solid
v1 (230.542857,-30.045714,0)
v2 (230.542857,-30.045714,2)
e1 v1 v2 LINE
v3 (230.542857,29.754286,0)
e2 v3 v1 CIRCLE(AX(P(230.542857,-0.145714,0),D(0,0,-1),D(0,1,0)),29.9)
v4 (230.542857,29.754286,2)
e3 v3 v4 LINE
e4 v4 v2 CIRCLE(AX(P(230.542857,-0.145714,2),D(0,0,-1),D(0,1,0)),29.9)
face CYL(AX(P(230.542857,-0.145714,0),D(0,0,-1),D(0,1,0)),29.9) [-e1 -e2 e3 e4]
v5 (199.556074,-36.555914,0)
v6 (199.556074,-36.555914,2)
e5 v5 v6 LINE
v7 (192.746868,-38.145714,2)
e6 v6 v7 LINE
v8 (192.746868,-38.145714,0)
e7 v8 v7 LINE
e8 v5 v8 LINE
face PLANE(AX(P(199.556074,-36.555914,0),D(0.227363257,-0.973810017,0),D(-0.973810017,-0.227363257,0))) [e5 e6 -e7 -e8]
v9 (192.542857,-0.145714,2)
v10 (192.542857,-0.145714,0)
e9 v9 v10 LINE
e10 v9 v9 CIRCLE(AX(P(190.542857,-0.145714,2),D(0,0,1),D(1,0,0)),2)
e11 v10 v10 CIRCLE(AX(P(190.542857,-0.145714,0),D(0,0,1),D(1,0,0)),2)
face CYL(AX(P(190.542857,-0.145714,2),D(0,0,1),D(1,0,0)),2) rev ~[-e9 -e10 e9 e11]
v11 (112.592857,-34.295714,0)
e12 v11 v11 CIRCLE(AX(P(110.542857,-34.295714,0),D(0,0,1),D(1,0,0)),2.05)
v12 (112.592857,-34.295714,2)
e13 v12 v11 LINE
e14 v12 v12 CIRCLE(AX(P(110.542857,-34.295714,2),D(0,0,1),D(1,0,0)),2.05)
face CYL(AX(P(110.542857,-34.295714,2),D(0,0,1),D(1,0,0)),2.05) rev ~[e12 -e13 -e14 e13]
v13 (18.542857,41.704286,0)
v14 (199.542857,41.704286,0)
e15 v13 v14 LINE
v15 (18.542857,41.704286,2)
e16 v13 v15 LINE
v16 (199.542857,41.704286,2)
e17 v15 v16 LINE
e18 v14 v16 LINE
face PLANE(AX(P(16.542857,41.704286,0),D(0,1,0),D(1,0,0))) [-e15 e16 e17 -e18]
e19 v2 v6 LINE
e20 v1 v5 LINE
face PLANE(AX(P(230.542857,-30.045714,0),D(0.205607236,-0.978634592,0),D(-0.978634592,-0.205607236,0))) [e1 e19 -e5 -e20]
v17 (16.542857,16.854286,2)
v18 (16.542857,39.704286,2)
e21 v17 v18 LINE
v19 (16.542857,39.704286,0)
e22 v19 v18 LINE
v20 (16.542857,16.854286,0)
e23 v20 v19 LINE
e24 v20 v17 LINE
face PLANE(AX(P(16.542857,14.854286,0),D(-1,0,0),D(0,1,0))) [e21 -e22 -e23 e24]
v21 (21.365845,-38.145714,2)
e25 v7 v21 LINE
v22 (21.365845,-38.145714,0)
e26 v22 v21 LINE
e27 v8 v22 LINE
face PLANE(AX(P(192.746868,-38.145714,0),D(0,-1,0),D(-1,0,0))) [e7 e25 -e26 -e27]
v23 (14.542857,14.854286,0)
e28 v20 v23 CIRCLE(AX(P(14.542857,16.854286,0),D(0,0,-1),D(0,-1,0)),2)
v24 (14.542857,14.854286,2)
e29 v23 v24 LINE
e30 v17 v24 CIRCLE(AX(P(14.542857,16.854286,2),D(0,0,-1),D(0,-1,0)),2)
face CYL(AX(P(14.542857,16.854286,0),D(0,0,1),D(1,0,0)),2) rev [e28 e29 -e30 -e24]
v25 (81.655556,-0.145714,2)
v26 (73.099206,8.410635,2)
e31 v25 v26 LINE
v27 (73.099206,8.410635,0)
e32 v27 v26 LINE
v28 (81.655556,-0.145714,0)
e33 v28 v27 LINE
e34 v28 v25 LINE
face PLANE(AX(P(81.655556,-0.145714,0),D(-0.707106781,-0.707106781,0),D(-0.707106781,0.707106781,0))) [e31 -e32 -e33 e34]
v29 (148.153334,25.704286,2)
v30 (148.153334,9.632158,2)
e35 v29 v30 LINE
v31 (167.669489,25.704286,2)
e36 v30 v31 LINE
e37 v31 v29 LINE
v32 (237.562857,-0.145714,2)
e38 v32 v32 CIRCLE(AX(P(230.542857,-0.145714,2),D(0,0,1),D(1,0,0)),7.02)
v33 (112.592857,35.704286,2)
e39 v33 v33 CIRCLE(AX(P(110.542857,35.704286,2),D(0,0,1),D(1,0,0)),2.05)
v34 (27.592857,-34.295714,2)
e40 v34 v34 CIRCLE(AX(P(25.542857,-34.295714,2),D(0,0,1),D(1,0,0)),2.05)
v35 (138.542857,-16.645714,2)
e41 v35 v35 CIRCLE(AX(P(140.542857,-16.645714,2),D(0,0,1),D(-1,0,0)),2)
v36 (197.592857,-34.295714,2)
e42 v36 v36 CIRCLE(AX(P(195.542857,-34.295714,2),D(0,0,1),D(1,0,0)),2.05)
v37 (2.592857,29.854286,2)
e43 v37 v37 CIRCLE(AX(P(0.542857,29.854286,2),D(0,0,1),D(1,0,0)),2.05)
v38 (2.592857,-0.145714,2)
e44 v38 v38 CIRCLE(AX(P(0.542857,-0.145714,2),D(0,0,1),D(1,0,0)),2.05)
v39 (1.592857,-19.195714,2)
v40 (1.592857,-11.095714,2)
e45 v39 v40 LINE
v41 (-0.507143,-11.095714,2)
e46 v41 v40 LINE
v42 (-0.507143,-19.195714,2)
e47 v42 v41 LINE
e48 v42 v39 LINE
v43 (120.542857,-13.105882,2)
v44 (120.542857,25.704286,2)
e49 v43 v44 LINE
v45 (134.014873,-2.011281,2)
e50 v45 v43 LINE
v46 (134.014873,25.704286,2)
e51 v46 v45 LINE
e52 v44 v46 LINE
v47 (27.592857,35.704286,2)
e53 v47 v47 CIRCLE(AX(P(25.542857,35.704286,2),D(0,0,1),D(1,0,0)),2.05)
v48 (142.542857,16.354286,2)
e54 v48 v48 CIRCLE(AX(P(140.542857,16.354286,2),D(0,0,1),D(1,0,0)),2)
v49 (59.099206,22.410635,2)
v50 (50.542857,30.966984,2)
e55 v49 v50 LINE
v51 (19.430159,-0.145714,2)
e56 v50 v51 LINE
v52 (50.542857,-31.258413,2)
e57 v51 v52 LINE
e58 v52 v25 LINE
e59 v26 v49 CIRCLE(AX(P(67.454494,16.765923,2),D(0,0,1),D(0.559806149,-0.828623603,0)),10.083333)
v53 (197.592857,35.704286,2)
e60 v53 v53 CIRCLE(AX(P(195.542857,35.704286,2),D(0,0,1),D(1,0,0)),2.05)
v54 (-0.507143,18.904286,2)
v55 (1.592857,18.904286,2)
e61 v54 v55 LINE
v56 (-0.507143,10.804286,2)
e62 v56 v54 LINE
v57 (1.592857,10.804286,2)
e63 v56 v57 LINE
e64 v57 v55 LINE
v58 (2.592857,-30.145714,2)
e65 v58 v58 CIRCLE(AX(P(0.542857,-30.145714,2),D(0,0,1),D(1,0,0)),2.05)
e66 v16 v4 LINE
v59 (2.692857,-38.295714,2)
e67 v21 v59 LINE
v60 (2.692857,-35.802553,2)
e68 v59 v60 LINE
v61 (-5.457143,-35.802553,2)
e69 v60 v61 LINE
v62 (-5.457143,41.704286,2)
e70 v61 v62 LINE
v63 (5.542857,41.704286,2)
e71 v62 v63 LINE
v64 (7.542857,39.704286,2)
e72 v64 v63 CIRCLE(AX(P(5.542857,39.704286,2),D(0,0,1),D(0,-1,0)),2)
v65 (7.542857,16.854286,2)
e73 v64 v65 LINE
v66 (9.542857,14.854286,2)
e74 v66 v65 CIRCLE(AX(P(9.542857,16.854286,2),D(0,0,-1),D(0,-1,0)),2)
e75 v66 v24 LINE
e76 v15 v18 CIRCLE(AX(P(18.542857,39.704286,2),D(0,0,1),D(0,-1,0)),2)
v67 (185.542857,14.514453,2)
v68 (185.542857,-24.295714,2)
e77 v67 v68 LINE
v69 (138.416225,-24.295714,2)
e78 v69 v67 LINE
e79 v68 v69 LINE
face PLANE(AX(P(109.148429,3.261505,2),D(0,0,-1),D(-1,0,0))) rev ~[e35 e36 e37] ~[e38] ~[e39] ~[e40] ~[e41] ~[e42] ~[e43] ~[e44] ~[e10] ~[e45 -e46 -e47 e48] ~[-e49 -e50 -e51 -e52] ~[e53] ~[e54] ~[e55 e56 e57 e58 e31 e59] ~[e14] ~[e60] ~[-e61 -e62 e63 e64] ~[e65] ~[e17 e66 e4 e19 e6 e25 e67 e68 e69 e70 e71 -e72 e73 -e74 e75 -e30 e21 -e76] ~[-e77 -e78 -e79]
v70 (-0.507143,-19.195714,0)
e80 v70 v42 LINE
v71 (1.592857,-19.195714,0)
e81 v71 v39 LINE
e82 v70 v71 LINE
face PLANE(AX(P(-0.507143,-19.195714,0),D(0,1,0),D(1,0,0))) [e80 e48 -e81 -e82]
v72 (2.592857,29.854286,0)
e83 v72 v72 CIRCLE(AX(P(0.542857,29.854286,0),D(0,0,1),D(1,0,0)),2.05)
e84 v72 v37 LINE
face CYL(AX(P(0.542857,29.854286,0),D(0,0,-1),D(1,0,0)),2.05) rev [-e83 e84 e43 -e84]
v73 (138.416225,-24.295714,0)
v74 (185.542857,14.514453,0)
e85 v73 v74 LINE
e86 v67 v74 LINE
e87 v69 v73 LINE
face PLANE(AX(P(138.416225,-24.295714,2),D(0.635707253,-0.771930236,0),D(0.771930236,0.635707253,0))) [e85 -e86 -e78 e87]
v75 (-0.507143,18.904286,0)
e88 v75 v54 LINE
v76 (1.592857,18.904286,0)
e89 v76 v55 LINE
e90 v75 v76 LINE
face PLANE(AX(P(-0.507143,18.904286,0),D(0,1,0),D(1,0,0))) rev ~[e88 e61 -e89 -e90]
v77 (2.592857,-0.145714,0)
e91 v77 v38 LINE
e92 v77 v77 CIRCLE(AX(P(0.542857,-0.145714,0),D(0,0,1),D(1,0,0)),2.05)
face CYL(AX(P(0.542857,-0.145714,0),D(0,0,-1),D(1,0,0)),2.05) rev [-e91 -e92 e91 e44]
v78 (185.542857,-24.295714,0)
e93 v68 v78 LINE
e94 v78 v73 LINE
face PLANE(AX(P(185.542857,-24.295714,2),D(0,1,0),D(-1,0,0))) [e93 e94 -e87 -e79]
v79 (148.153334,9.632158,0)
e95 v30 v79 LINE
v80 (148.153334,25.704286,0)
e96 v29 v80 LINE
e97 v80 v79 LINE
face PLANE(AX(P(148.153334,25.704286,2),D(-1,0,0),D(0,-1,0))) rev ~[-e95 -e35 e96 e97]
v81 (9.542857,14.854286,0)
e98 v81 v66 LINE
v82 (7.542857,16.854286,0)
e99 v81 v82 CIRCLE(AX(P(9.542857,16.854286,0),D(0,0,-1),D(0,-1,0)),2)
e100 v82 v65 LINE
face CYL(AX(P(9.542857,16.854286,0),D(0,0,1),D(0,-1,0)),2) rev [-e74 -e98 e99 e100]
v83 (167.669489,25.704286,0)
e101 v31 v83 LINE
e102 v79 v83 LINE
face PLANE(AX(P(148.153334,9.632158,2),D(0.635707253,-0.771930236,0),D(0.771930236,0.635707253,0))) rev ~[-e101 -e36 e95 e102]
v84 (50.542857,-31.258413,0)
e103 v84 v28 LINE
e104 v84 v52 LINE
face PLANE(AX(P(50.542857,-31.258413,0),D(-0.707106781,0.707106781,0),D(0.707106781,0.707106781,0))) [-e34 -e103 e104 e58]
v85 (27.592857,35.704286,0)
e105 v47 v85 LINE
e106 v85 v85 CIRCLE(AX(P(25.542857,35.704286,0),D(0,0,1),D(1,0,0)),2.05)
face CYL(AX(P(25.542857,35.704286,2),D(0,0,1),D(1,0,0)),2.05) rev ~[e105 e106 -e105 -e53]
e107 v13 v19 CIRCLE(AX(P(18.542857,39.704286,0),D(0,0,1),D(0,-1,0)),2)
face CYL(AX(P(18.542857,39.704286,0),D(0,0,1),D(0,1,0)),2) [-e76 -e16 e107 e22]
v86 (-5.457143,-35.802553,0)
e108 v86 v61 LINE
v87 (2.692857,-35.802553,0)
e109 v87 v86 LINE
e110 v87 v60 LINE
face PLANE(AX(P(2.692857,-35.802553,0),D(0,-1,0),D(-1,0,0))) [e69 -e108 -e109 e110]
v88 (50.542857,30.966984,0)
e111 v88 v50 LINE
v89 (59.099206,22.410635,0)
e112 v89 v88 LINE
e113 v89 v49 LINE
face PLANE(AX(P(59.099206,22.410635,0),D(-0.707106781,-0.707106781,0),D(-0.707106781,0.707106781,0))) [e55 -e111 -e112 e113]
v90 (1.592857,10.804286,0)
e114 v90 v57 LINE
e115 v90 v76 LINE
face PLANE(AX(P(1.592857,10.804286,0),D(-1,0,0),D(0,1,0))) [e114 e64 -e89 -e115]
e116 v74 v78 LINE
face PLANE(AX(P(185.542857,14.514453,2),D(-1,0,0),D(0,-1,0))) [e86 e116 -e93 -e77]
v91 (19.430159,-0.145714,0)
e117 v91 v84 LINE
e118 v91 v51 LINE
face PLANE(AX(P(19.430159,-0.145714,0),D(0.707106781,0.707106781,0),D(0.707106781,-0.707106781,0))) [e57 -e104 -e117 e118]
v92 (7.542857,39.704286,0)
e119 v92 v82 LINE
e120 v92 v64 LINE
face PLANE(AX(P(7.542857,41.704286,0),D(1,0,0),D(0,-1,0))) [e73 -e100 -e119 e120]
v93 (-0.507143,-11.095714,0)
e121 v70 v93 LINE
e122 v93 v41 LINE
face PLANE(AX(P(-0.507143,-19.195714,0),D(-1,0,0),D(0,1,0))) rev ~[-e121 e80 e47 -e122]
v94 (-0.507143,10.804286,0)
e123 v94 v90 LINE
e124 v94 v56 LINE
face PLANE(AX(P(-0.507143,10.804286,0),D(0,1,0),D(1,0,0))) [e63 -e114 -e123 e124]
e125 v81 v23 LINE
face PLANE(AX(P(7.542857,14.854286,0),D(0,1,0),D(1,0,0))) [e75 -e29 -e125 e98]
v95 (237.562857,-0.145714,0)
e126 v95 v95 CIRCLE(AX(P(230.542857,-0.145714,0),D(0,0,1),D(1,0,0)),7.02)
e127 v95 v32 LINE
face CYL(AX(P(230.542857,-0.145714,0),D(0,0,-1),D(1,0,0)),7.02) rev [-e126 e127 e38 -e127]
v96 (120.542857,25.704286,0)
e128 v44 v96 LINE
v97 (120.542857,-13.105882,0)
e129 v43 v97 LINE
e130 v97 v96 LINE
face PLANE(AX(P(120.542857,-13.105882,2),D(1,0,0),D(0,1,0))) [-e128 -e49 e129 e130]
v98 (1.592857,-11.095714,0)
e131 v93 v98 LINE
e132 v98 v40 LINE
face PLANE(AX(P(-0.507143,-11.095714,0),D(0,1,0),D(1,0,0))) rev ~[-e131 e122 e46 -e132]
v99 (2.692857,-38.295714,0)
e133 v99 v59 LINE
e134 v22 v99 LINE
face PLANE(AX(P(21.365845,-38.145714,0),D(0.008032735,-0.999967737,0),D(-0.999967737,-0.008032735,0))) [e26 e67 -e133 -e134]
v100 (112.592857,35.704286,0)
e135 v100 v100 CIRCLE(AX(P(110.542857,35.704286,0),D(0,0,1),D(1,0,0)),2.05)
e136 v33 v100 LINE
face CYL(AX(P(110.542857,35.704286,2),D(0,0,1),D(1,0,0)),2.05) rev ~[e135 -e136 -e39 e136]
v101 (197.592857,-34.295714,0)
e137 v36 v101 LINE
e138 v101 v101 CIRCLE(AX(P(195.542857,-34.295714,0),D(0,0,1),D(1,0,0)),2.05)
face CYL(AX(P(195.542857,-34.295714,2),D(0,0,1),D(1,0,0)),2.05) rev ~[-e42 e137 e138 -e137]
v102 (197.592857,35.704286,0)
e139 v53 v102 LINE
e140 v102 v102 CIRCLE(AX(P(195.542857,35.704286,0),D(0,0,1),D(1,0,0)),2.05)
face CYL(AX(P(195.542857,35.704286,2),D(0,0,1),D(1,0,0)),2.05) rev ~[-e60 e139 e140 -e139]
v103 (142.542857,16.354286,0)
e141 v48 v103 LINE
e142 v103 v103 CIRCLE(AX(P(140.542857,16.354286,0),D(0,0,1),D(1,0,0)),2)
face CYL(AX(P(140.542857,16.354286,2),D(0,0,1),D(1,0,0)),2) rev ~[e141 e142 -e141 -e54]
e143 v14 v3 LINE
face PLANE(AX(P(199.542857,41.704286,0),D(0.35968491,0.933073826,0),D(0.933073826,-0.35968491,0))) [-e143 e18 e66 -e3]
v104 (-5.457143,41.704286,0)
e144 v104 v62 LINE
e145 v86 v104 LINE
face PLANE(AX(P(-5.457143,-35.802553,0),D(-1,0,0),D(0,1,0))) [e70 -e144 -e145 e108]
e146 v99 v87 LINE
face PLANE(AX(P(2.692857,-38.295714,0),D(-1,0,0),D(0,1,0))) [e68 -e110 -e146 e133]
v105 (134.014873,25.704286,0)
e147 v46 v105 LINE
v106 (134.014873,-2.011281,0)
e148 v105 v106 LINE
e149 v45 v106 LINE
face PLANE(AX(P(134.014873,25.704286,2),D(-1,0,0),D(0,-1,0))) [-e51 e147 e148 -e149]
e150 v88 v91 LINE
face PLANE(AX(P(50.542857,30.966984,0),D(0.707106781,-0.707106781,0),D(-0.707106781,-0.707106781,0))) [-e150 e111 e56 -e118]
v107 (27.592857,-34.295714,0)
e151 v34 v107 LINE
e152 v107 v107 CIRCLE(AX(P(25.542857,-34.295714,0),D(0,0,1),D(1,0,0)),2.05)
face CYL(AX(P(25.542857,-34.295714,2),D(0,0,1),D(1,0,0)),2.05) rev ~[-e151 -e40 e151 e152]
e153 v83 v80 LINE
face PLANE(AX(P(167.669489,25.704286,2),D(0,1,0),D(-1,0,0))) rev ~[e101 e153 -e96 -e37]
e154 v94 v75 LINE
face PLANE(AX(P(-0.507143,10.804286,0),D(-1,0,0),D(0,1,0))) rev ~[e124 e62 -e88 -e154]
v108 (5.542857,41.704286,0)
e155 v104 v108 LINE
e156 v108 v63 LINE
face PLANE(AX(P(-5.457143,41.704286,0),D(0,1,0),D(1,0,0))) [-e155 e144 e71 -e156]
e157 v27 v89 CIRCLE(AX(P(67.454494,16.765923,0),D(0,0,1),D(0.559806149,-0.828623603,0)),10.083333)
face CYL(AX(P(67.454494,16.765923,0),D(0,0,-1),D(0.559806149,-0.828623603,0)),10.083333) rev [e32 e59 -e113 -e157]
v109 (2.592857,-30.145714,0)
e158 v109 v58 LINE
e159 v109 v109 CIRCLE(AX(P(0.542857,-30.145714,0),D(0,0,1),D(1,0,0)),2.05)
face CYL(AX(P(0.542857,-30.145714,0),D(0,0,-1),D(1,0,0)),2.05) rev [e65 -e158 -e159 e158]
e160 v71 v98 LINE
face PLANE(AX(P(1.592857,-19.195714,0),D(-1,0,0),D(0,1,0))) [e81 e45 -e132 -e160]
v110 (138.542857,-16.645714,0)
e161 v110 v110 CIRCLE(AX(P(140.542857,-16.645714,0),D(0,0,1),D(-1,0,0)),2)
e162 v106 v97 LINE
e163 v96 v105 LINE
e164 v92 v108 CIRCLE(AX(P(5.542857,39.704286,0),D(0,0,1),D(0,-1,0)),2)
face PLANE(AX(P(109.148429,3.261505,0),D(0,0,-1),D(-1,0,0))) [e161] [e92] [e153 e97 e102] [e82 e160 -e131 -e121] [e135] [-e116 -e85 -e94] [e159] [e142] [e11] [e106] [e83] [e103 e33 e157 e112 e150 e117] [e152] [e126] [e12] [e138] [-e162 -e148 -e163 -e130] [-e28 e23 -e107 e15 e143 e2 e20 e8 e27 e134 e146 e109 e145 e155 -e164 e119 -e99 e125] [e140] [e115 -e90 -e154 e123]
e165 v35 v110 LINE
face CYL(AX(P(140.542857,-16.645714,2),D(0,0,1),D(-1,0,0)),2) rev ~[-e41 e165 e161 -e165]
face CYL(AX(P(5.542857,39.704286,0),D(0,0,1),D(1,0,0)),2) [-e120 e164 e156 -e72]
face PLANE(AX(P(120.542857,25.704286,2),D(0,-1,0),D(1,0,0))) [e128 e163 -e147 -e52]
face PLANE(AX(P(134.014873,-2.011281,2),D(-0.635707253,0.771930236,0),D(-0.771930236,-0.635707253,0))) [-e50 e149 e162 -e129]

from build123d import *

# Parameters (mm, degrees)
SKETCH_1_R          = 2.05
SKETCH_1_R_2        = 7.02
SKETCH_1_W          = 2.1
SKETCH_1_H          = 8.1
EXTRUDE_1_DEPTH     = 2
FILLET_1_R          = 2
SKETCH_3_R          = 2.05
SKETCH_3_R_2        = 2
CUT_EXTRUDE_1_DEPTH = 2


with BuildPart() as part:
    # 草图1 → 凸台-拉伸1 (new body)
    with BuildSketch(Plane.XY):
        with BuildLine():
            Line((230.542857143, -30.045714286), (199.556073527, -36.55591431))
            Line((199.556073527, -36.55591431), (192.746868021, -38.145714286))
            Line((192.746868021, -38.145714286), (21.365844759, -38.145714286))
            Line((21.365844759, -38.145714286), (2.692857143, -38.295714286))
            Line((2.692857143, -38.295714286), (2.692857143, -35.802553436))
            Line((2.692857143, -35.802553436), (-5.457142857, -35.802553436))
            Line((-5.457142857, -35.802553436), (-5.457142857, 41.704285714))
            Line((-5.457142857, 41.704285714), (7.542857143, 41.704285714))
            Line((7.542857143, 41.704285714), (7.542857143, 14.854285714))
            Line((7.542857143, 14.854285714), (16.542857143, 14.854285714))
            Line((16.542857143, 14.854285714), (16.542857143, 41.704285714))
            Line((16.542857143, 41.704285714), (199.542857143, 41.704285714))
            Line((199.542857143, 41.704285714), (230.542857143, 29.754285714))
            ThreePointArc((230.542857143, 29.754285714), (260.442857143, -0.145714286), (230.542857143, -30.045714286))
        make_face()
        with Locations((0.542857143, 29.854285714)):
            Circle(SKETCH_1_R, mode=Mode.SUBTRACT)
        with Locations((0.542857143, -0.145714286)):
            Circle(SKETCH_1_R, mode=Mode.SUBTRACT)
        with Locations((0.542857143, -30.145714286)):
            Circle(SKETCH_1_R, mode=Mode.SUBTRACT)
        with Locations((230.542857143, -0.145714286)):
            Circle(SKETCH_1_R_2, mode=Mode.SUBTRACT)
        with Locations((0.542857143, 14.854285714)):
            Rectangle(SKETCH_1_W, SKETCH_1_H, mode=Mode.SUBTRACT)
        with BuildLine():
            Line((59.099206329, 22.4106349), (50.542857143, 30.966984086))
            Line((50.542857143, 30.966984086), (19.430158771, -0.145714286))
            Line((19.430158771, -0.145714286), (50.542857143, -31.258412658))
            Line((50.542857143, -31.258412658), (81.655555515, -0.145714286))
            Line((81.655555515, -0.145714286), (73.099206329, 8.4106349))
            ThreePointArc((73.099206329, 8.4106349), (74.584487703, 23.895916275), (59.099206329, 22.4106349))
        make_face(mode=Mode.SUBTRACT)
        with Locations((0.542857143, -15.145714286)):
            Rectangle(SKETCH_1_W, SKETCH_1_H, mode=Mode.SUBTRACT)
    extrude(amount=EXTRUDE_1_DEPTH)

    # 圆角1
    fillet_1_edges = [part.edges().sort_by_distance(p)[0] for p in [
        (7.542857143, 41.704285714, 1),
        (7.542857143, 14.854285714, 1),
        (16.542857143, 14.854285714, 1),
        (16.542857143, 41.704285714, 1),
    ]]
    fillet(fillet_1_edges, radius=FILLET_1_R)

    # 草图3 → 切除-拉伸1 (cut)
    with BuildSketch(Plane.XY.offset(2)):
        with Locations((25.542857143, 35.704285714)):
            Circle(SKETCH_3_R)
        with Locations((110.542857143, 35.704285714)):
            Circle(SKETCH_3_R)
        with Locations((195.542857143, 35.704285714)):
            Circle(SKETCH_3_R)
        with Locations((110.542857143, -34.295714286)):
            Circle(SKETCH_3_R)
        with Locations((195.542857143, -34.295714286)):
            Circle(SKETCH_3_R)
        with Locations((25.542857143, -34.295714286)):
            Circle(SKETCH_3_R)
        with Locations((190.542857143, -0.145714286)):
            Circle(SKETCH_3_R_2)
        with Locations((140.542857143, 16.354285714)):
            Circle(SKETCH_3_R_2)
        with Locations(Location((140.542857143, -16.645714286, 0), (0, 0, 180))):
            Circle(SKETCH_3_R_2)
        Polygon((148.153334198, 25.704285714), (148.153334198, 9.632158315), (167.669488896, 25.704285714), align=None)
        Polygon((185.542857143, -24.295714286), (138.41622539, -24.295714286), (185.542857143, 14.51445304), align=None)
        Polygon((120.542857143, -13.105881612), (120.542857143, 25.704285714), (134.014872528, 25.704285714), (134.014872528, -2.011280706), align=None)
    extrude(amount=-CUT_EXTRUDE_1_DEPTH, mode=Mode.SUBTRACT)


solid = part.part
